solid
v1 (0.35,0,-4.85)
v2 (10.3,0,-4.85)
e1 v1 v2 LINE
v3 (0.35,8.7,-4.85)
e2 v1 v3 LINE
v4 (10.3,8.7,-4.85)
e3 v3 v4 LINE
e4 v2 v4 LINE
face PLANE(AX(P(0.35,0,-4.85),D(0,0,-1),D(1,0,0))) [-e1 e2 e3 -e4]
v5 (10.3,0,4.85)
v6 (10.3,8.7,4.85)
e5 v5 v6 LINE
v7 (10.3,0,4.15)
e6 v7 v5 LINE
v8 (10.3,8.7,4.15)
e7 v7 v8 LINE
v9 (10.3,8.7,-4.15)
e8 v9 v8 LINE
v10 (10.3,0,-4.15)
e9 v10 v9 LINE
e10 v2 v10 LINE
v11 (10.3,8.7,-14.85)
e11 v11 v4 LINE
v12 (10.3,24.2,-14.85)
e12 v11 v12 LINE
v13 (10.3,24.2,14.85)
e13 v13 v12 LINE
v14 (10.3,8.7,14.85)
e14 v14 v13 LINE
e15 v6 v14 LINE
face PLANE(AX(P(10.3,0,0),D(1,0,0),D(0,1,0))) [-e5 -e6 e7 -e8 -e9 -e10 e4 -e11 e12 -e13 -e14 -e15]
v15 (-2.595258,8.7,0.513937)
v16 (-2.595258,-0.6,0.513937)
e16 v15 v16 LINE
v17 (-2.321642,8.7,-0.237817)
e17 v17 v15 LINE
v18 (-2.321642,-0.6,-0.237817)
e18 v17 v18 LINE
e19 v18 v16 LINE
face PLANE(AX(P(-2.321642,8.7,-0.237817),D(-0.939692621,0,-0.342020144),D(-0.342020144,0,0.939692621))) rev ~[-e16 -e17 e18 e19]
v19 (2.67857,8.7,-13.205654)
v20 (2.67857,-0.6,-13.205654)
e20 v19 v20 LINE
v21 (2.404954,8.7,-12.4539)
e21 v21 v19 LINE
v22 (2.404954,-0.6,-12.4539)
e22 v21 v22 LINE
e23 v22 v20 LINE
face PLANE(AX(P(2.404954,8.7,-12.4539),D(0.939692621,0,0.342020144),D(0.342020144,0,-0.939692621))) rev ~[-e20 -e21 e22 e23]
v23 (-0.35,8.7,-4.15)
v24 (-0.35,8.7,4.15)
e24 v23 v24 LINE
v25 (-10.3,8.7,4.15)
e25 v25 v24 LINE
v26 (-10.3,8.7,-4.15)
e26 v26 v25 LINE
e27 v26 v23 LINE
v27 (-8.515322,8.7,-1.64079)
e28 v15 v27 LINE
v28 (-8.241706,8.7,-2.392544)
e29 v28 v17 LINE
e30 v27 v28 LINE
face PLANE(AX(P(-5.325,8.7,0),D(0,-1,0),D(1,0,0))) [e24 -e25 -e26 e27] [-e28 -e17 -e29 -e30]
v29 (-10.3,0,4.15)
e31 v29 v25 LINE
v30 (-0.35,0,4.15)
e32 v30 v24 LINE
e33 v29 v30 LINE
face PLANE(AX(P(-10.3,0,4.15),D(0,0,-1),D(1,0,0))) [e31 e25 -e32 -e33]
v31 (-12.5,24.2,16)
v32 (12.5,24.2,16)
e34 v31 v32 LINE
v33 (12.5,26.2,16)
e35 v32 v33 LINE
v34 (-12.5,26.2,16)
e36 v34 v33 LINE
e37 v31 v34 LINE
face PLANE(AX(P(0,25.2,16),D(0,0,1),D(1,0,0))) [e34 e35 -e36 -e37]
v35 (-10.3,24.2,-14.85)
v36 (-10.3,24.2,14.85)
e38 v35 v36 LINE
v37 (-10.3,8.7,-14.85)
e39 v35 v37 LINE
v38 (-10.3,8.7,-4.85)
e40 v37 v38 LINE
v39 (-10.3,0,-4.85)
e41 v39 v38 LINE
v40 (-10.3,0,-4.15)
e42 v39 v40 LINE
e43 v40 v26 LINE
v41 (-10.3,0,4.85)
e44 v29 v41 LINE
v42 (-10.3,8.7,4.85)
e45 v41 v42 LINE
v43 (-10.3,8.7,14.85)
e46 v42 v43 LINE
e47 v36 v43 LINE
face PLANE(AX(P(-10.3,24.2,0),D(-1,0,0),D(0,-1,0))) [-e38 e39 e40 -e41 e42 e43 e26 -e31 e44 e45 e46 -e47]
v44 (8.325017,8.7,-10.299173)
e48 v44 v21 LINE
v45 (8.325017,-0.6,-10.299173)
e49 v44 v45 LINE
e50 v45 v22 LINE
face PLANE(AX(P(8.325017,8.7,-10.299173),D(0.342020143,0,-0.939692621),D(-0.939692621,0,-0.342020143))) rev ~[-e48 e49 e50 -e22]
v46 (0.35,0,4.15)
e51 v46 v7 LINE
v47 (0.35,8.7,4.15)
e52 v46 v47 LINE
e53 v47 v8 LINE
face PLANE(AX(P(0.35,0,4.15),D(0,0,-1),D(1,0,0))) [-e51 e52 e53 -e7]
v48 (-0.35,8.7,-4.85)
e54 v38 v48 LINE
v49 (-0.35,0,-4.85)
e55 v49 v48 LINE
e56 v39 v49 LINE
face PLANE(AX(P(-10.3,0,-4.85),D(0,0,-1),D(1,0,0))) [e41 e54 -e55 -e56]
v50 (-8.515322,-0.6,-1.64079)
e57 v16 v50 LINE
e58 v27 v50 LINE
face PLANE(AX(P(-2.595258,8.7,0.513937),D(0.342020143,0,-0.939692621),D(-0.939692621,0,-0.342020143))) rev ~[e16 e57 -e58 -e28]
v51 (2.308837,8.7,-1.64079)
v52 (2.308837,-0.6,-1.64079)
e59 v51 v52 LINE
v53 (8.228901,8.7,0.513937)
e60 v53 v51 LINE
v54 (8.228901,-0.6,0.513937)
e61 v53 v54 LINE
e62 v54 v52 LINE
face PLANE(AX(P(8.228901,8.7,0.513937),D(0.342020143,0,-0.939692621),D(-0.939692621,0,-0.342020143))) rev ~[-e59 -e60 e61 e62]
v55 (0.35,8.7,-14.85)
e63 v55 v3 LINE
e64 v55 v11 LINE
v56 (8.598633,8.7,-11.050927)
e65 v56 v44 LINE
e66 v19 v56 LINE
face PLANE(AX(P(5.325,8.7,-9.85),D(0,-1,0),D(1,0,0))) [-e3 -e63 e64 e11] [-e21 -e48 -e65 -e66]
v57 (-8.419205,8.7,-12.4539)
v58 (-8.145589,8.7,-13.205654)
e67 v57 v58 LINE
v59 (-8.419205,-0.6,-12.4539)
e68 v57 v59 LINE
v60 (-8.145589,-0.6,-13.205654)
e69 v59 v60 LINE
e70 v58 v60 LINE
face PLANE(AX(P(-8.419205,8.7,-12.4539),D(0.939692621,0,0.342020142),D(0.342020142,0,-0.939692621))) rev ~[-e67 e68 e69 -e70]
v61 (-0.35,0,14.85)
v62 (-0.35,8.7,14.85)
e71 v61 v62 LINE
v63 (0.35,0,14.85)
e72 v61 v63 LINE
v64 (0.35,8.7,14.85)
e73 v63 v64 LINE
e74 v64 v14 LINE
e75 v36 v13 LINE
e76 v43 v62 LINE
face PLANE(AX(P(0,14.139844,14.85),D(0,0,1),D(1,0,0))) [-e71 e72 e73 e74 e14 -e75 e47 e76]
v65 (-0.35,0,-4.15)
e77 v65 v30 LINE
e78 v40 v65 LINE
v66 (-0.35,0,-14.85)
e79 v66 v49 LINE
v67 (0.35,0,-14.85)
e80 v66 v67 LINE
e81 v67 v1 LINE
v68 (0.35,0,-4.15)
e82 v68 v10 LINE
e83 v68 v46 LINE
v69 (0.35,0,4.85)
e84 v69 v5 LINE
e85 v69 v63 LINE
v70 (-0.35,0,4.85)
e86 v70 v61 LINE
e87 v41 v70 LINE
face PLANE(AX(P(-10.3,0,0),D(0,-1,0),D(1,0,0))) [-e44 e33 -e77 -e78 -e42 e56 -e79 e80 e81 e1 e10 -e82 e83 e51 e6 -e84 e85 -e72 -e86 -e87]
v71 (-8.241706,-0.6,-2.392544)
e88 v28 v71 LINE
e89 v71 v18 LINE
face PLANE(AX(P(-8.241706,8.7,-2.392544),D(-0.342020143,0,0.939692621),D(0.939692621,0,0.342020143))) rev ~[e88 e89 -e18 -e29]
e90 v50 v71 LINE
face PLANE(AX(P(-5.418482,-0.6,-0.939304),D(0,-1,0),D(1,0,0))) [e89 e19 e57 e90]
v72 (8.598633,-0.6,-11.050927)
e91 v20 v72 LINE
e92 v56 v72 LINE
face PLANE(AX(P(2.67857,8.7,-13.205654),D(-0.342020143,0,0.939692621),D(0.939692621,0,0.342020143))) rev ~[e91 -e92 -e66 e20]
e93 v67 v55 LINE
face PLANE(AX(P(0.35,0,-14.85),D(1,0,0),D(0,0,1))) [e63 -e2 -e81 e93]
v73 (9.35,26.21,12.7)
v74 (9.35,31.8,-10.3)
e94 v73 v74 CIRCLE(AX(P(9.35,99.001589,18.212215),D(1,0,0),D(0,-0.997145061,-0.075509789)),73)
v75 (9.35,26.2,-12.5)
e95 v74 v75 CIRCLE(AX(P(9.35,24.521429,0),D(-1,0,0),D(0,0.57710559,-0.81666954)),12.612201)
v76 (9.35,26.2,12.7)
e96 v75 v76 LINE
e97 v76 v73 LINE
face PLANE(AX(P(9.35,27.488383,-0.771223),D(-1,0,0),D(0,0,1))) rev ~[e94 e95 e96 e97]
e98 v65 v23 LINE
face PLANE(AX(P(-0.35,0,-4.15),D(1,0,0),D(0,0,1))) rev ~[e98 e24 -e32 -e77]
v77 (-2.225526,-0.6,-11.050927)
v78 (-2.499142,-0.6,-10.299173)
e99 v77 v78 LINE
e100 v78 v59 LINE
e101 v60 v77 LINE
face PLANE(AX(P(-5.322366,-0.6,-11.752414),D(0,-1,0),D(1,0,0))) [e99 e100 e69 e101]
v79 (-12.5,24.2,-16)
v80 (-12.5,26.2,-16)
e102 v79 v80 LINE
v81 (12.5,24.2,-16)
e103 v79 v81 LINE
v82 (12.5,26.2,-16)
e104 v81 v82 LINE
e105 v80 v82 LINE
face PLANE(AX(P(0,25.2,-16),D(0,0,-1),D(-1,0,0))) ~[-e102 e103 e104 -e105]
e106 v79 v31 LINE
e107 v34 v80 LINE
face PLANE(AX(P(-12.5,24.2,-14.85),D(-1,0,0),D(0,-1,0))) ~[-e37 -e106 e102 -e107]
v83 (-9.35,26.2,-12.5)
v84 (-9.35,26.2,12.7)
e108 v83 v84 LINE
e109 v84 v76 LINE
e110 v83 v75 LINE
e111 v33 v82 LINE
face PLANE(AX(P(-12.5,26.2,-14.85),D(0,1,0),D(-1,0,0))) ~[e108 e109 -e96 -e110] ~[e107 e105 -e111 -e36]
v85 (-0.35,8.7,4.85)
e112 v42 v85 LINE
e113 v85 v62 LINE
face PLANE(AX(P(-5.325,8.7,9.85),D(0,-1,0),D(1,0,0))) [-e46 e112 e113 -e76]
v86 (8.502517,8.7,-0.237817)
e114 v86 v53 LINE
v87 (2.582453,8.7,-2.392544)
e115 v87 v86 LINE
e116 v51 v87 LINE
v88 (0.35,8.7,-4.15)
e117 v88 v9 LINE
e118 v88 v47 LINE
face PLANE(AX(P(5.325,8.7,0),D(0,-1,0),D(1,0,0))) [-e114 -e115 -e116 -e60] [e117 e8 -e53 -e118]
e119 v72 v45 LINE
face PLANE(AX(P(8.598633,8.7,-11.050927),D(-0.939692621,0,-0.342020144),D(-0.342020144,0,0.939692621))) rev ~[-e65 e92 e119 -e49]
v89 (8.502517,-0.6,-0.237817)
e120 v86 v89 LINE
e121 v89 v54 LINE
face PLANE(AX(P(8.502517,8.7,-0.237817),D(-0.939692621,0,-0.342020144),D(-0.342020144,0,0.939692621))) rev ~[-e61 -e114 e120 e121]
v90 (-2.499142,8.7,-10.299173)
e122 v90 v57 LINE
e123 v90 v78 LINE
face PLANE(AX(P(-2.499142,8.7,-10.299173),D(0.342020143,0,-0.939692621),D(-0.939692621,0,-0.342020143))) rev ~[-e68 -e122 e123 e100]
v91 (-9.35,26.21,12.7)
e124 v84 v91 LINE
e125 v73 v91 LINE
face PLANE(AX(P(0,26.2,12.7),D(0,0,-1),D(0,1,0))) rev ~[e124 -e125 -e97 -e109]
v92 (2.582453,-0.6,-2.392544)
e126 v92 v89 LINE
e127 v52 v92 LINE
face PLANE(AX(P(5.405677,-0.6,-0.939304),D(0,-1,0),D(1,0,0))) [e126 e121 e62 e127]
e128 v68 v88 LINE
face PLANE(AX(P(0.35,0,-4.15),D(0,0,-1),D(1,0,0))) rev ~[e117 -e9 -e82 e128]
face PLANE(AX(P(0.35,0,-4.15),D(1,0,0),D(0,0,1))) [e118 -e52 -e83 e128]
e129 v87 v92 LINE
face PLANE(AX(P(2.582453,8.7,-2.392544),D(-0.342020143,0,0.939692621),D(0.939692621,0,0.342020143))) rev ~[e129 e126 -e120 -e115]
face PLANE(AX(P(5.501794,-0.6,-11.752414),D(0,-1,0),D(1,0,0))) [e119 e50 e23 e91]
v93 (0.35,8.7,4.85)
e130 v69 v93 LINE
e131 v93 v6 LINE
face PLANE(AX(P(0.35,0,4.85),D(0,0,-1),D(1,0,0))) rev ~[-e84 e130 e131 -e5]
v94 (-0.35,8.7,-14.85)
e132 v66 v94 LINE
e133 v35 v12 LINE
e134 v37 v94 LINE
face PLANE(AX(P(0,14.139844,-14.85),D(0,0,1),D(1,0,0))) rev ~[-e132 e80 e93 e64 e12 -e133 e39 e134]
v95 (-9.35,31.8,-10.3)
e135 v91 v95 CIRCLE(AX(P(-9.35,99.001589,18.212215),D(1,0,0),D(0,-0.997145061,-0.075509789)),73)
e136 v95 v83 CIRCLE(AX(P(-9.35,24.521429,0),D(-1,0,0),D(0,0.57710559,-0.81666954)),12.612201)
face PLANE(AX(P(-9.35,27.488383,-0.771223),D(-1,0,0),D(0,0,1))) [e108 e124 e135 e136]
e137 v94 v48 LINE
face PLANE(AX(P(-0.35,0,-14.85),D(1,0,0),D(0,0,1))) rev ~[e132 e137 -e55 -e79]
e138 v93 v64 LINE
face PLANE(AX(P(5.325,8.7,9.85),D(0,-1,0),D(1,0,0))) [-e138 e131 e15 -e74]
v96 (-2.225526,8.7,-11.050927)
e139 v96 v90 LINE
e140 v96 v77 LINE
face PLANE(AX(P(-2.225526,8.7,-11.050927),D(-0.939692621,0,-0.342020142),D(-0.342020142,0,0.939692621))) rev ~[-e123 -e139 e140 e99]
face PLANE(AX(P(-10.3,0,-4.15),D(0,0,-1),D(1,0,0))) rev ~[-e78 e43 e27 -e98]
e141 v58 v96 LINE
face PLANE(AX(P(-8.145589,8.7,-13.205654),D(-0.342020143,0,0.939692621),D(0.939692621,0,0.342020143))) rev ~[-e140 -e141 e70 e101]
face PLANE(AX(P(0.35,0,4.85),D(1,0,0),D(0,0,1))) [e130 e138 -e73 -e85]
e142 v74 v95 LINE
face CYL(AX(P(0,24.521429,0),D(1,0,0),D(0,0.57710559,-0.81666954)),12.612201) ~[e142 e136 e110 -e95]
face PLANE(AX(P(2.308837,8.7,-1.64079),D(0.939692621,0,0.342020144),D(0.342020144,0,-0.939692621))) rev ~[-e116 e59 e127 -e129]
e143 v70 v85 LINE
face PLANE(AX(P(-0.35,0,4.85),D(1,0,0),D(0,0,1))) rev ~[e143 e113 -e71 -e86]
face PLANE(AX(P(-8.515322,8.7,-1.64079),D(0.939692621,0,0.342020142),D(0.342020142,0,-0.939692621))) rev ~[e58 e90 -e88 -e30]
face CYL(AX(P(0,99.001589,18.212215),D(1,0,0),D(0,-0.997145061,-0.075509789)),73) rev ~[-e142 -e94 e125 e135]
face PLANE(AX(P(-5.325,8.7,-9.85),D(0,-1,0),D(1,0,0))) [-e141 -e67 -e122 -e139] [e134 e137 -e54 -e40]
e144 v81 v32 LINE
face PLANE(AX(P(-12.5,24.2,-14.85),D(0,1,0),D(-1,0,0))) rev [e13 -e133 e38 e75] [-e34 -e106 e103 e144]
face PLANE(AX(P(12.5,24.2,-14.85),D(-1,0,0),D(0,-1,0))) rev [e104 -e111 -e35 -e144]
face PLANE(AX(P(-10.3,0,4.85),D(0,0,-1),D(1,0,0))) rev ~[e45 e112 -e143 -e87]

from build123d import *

# Parameters (mm, degrees)
EXTRUDE1_DEPTH     = 14.85
SKETCH2_W          = 25
SKETCH2_H          = 2
EXTRUDE2_DEPTH     = 1.15
EXTRUDE4_DEPTH     = 9.35
SKETCH5_W          = 9.95
SKETCH5_H          = 10
SKETCH5_H_2        = 8.3
CUT_EXTRUDE1_DEPTH = 8.7
EXTRUDE5_DEPTH     = 9.3


with BuildPart() as part:
    # Sketch1 → Extrude1 (new body, symmetric)
    with BuildSketch(Plane.XY):
        Polygon((12.5, 26.2), (-12.5, 26.2), (-12.5, 24.2), (-10.3, 24.2), (-10.3, 0), (10.3, 0), (10.3, 24.2), (12.5, 24.2), align=None)
    extrude(amount=EXTRUDE1_DEPTH, both=True)

    # Sketch2 → Extrude2 (add)
    with BuildSketch(Plane.XY.offset(14.85)):
        with Locations((0, 25.2)):
            Rectangle(SKETCH2_W, SKETCH2_H)
    extrude2 = extrude(amount=EXTRUDE2_DEPTH)

    # Mirror1: Extrude2 across plane
    add(extrude2.mirror(Plane.XY))

    # Sketch4 → Extrude4 (add, symmetric)
    with BuildSketch(Plane(origin=(0, 0, 0), x_dir=(0, 0, -1), z_dir=(1, 0, 0))):
        with BuildLine():
            Line((-12.7, 26.2), (-12.7, 26.21))
            ThreePointArc((-12.7, 26.21), (-0.971928332, 28.066601365), (10.3, 31.8))
            ThreePointArc((10.3, 31.8), (11.738824473, 29.133109614), (12.5, 26.2))
            Line((12.5, 26.2), (-12.7, 26.2))
        make_face()
    extrude(amount=EXTRUDE4_DEPTH, both=True)

    # Sketch5 → Cut-Extrude1 (cut)
    with BuildSketch(Plane.XZ):
        with Locations((5.325, 9.85)):
            Rectangle(SKETCH5_W, SKETCH5_H)
        with Locations((5.325, 0)):
            Rectangle(SKETCH5_W, SKETCH5_H_2)
        with Locations((-5.325, 9.85)):
            Rectangle(SKETCH5_W, SKETCH5_H)
        with Locations((-5.325, -9.85)):
            Rectangle(SKETCH5_W, SKETCH5_H)
        with Locations((5.325, -9.85)):
            Rectangle(SKETCH5_W, SKETCH5_H)
        with Locations((-5.325, 0)):
            Rectangle(SKETCH5_W, SKETCH5_H_2)
    extrude(amount=-CUT_EXTRUDE1_DEPTH, mode=Mode.SUBTRACT)

    # Sketch9 → Extrude5 (add)
    with BuildSketch(Plane.XZ.offset(-8.7)):
        Polygon((-8.145589208, -13.205654355), (-2.225525697, -11.050927452), (-2.499141811, -10.299173355), (-8.419205322, -12.453900258), align=None)
        Polygon((2.678569935, -13.205654355), (8.598633446, -11.050927452), (8.325017331, -10.299173355), (2.40495382, -12.453900258), align=None)
        Polygon((-8.241705742, -2.392544248), (-2.321642231, -0.237817345), (-2.595258346, 0.513936752), (-8.515321856, -1.640790151), align=None)
        Polygon((2.582453401, -2.392544248), (8.502516912, -0.237817345), (8.228900797, 0.513936752), (2.308837286, -1.640790151), align=None)
    extrude(amount=EXTRUDE5_DEPTH)


solid = part.part
